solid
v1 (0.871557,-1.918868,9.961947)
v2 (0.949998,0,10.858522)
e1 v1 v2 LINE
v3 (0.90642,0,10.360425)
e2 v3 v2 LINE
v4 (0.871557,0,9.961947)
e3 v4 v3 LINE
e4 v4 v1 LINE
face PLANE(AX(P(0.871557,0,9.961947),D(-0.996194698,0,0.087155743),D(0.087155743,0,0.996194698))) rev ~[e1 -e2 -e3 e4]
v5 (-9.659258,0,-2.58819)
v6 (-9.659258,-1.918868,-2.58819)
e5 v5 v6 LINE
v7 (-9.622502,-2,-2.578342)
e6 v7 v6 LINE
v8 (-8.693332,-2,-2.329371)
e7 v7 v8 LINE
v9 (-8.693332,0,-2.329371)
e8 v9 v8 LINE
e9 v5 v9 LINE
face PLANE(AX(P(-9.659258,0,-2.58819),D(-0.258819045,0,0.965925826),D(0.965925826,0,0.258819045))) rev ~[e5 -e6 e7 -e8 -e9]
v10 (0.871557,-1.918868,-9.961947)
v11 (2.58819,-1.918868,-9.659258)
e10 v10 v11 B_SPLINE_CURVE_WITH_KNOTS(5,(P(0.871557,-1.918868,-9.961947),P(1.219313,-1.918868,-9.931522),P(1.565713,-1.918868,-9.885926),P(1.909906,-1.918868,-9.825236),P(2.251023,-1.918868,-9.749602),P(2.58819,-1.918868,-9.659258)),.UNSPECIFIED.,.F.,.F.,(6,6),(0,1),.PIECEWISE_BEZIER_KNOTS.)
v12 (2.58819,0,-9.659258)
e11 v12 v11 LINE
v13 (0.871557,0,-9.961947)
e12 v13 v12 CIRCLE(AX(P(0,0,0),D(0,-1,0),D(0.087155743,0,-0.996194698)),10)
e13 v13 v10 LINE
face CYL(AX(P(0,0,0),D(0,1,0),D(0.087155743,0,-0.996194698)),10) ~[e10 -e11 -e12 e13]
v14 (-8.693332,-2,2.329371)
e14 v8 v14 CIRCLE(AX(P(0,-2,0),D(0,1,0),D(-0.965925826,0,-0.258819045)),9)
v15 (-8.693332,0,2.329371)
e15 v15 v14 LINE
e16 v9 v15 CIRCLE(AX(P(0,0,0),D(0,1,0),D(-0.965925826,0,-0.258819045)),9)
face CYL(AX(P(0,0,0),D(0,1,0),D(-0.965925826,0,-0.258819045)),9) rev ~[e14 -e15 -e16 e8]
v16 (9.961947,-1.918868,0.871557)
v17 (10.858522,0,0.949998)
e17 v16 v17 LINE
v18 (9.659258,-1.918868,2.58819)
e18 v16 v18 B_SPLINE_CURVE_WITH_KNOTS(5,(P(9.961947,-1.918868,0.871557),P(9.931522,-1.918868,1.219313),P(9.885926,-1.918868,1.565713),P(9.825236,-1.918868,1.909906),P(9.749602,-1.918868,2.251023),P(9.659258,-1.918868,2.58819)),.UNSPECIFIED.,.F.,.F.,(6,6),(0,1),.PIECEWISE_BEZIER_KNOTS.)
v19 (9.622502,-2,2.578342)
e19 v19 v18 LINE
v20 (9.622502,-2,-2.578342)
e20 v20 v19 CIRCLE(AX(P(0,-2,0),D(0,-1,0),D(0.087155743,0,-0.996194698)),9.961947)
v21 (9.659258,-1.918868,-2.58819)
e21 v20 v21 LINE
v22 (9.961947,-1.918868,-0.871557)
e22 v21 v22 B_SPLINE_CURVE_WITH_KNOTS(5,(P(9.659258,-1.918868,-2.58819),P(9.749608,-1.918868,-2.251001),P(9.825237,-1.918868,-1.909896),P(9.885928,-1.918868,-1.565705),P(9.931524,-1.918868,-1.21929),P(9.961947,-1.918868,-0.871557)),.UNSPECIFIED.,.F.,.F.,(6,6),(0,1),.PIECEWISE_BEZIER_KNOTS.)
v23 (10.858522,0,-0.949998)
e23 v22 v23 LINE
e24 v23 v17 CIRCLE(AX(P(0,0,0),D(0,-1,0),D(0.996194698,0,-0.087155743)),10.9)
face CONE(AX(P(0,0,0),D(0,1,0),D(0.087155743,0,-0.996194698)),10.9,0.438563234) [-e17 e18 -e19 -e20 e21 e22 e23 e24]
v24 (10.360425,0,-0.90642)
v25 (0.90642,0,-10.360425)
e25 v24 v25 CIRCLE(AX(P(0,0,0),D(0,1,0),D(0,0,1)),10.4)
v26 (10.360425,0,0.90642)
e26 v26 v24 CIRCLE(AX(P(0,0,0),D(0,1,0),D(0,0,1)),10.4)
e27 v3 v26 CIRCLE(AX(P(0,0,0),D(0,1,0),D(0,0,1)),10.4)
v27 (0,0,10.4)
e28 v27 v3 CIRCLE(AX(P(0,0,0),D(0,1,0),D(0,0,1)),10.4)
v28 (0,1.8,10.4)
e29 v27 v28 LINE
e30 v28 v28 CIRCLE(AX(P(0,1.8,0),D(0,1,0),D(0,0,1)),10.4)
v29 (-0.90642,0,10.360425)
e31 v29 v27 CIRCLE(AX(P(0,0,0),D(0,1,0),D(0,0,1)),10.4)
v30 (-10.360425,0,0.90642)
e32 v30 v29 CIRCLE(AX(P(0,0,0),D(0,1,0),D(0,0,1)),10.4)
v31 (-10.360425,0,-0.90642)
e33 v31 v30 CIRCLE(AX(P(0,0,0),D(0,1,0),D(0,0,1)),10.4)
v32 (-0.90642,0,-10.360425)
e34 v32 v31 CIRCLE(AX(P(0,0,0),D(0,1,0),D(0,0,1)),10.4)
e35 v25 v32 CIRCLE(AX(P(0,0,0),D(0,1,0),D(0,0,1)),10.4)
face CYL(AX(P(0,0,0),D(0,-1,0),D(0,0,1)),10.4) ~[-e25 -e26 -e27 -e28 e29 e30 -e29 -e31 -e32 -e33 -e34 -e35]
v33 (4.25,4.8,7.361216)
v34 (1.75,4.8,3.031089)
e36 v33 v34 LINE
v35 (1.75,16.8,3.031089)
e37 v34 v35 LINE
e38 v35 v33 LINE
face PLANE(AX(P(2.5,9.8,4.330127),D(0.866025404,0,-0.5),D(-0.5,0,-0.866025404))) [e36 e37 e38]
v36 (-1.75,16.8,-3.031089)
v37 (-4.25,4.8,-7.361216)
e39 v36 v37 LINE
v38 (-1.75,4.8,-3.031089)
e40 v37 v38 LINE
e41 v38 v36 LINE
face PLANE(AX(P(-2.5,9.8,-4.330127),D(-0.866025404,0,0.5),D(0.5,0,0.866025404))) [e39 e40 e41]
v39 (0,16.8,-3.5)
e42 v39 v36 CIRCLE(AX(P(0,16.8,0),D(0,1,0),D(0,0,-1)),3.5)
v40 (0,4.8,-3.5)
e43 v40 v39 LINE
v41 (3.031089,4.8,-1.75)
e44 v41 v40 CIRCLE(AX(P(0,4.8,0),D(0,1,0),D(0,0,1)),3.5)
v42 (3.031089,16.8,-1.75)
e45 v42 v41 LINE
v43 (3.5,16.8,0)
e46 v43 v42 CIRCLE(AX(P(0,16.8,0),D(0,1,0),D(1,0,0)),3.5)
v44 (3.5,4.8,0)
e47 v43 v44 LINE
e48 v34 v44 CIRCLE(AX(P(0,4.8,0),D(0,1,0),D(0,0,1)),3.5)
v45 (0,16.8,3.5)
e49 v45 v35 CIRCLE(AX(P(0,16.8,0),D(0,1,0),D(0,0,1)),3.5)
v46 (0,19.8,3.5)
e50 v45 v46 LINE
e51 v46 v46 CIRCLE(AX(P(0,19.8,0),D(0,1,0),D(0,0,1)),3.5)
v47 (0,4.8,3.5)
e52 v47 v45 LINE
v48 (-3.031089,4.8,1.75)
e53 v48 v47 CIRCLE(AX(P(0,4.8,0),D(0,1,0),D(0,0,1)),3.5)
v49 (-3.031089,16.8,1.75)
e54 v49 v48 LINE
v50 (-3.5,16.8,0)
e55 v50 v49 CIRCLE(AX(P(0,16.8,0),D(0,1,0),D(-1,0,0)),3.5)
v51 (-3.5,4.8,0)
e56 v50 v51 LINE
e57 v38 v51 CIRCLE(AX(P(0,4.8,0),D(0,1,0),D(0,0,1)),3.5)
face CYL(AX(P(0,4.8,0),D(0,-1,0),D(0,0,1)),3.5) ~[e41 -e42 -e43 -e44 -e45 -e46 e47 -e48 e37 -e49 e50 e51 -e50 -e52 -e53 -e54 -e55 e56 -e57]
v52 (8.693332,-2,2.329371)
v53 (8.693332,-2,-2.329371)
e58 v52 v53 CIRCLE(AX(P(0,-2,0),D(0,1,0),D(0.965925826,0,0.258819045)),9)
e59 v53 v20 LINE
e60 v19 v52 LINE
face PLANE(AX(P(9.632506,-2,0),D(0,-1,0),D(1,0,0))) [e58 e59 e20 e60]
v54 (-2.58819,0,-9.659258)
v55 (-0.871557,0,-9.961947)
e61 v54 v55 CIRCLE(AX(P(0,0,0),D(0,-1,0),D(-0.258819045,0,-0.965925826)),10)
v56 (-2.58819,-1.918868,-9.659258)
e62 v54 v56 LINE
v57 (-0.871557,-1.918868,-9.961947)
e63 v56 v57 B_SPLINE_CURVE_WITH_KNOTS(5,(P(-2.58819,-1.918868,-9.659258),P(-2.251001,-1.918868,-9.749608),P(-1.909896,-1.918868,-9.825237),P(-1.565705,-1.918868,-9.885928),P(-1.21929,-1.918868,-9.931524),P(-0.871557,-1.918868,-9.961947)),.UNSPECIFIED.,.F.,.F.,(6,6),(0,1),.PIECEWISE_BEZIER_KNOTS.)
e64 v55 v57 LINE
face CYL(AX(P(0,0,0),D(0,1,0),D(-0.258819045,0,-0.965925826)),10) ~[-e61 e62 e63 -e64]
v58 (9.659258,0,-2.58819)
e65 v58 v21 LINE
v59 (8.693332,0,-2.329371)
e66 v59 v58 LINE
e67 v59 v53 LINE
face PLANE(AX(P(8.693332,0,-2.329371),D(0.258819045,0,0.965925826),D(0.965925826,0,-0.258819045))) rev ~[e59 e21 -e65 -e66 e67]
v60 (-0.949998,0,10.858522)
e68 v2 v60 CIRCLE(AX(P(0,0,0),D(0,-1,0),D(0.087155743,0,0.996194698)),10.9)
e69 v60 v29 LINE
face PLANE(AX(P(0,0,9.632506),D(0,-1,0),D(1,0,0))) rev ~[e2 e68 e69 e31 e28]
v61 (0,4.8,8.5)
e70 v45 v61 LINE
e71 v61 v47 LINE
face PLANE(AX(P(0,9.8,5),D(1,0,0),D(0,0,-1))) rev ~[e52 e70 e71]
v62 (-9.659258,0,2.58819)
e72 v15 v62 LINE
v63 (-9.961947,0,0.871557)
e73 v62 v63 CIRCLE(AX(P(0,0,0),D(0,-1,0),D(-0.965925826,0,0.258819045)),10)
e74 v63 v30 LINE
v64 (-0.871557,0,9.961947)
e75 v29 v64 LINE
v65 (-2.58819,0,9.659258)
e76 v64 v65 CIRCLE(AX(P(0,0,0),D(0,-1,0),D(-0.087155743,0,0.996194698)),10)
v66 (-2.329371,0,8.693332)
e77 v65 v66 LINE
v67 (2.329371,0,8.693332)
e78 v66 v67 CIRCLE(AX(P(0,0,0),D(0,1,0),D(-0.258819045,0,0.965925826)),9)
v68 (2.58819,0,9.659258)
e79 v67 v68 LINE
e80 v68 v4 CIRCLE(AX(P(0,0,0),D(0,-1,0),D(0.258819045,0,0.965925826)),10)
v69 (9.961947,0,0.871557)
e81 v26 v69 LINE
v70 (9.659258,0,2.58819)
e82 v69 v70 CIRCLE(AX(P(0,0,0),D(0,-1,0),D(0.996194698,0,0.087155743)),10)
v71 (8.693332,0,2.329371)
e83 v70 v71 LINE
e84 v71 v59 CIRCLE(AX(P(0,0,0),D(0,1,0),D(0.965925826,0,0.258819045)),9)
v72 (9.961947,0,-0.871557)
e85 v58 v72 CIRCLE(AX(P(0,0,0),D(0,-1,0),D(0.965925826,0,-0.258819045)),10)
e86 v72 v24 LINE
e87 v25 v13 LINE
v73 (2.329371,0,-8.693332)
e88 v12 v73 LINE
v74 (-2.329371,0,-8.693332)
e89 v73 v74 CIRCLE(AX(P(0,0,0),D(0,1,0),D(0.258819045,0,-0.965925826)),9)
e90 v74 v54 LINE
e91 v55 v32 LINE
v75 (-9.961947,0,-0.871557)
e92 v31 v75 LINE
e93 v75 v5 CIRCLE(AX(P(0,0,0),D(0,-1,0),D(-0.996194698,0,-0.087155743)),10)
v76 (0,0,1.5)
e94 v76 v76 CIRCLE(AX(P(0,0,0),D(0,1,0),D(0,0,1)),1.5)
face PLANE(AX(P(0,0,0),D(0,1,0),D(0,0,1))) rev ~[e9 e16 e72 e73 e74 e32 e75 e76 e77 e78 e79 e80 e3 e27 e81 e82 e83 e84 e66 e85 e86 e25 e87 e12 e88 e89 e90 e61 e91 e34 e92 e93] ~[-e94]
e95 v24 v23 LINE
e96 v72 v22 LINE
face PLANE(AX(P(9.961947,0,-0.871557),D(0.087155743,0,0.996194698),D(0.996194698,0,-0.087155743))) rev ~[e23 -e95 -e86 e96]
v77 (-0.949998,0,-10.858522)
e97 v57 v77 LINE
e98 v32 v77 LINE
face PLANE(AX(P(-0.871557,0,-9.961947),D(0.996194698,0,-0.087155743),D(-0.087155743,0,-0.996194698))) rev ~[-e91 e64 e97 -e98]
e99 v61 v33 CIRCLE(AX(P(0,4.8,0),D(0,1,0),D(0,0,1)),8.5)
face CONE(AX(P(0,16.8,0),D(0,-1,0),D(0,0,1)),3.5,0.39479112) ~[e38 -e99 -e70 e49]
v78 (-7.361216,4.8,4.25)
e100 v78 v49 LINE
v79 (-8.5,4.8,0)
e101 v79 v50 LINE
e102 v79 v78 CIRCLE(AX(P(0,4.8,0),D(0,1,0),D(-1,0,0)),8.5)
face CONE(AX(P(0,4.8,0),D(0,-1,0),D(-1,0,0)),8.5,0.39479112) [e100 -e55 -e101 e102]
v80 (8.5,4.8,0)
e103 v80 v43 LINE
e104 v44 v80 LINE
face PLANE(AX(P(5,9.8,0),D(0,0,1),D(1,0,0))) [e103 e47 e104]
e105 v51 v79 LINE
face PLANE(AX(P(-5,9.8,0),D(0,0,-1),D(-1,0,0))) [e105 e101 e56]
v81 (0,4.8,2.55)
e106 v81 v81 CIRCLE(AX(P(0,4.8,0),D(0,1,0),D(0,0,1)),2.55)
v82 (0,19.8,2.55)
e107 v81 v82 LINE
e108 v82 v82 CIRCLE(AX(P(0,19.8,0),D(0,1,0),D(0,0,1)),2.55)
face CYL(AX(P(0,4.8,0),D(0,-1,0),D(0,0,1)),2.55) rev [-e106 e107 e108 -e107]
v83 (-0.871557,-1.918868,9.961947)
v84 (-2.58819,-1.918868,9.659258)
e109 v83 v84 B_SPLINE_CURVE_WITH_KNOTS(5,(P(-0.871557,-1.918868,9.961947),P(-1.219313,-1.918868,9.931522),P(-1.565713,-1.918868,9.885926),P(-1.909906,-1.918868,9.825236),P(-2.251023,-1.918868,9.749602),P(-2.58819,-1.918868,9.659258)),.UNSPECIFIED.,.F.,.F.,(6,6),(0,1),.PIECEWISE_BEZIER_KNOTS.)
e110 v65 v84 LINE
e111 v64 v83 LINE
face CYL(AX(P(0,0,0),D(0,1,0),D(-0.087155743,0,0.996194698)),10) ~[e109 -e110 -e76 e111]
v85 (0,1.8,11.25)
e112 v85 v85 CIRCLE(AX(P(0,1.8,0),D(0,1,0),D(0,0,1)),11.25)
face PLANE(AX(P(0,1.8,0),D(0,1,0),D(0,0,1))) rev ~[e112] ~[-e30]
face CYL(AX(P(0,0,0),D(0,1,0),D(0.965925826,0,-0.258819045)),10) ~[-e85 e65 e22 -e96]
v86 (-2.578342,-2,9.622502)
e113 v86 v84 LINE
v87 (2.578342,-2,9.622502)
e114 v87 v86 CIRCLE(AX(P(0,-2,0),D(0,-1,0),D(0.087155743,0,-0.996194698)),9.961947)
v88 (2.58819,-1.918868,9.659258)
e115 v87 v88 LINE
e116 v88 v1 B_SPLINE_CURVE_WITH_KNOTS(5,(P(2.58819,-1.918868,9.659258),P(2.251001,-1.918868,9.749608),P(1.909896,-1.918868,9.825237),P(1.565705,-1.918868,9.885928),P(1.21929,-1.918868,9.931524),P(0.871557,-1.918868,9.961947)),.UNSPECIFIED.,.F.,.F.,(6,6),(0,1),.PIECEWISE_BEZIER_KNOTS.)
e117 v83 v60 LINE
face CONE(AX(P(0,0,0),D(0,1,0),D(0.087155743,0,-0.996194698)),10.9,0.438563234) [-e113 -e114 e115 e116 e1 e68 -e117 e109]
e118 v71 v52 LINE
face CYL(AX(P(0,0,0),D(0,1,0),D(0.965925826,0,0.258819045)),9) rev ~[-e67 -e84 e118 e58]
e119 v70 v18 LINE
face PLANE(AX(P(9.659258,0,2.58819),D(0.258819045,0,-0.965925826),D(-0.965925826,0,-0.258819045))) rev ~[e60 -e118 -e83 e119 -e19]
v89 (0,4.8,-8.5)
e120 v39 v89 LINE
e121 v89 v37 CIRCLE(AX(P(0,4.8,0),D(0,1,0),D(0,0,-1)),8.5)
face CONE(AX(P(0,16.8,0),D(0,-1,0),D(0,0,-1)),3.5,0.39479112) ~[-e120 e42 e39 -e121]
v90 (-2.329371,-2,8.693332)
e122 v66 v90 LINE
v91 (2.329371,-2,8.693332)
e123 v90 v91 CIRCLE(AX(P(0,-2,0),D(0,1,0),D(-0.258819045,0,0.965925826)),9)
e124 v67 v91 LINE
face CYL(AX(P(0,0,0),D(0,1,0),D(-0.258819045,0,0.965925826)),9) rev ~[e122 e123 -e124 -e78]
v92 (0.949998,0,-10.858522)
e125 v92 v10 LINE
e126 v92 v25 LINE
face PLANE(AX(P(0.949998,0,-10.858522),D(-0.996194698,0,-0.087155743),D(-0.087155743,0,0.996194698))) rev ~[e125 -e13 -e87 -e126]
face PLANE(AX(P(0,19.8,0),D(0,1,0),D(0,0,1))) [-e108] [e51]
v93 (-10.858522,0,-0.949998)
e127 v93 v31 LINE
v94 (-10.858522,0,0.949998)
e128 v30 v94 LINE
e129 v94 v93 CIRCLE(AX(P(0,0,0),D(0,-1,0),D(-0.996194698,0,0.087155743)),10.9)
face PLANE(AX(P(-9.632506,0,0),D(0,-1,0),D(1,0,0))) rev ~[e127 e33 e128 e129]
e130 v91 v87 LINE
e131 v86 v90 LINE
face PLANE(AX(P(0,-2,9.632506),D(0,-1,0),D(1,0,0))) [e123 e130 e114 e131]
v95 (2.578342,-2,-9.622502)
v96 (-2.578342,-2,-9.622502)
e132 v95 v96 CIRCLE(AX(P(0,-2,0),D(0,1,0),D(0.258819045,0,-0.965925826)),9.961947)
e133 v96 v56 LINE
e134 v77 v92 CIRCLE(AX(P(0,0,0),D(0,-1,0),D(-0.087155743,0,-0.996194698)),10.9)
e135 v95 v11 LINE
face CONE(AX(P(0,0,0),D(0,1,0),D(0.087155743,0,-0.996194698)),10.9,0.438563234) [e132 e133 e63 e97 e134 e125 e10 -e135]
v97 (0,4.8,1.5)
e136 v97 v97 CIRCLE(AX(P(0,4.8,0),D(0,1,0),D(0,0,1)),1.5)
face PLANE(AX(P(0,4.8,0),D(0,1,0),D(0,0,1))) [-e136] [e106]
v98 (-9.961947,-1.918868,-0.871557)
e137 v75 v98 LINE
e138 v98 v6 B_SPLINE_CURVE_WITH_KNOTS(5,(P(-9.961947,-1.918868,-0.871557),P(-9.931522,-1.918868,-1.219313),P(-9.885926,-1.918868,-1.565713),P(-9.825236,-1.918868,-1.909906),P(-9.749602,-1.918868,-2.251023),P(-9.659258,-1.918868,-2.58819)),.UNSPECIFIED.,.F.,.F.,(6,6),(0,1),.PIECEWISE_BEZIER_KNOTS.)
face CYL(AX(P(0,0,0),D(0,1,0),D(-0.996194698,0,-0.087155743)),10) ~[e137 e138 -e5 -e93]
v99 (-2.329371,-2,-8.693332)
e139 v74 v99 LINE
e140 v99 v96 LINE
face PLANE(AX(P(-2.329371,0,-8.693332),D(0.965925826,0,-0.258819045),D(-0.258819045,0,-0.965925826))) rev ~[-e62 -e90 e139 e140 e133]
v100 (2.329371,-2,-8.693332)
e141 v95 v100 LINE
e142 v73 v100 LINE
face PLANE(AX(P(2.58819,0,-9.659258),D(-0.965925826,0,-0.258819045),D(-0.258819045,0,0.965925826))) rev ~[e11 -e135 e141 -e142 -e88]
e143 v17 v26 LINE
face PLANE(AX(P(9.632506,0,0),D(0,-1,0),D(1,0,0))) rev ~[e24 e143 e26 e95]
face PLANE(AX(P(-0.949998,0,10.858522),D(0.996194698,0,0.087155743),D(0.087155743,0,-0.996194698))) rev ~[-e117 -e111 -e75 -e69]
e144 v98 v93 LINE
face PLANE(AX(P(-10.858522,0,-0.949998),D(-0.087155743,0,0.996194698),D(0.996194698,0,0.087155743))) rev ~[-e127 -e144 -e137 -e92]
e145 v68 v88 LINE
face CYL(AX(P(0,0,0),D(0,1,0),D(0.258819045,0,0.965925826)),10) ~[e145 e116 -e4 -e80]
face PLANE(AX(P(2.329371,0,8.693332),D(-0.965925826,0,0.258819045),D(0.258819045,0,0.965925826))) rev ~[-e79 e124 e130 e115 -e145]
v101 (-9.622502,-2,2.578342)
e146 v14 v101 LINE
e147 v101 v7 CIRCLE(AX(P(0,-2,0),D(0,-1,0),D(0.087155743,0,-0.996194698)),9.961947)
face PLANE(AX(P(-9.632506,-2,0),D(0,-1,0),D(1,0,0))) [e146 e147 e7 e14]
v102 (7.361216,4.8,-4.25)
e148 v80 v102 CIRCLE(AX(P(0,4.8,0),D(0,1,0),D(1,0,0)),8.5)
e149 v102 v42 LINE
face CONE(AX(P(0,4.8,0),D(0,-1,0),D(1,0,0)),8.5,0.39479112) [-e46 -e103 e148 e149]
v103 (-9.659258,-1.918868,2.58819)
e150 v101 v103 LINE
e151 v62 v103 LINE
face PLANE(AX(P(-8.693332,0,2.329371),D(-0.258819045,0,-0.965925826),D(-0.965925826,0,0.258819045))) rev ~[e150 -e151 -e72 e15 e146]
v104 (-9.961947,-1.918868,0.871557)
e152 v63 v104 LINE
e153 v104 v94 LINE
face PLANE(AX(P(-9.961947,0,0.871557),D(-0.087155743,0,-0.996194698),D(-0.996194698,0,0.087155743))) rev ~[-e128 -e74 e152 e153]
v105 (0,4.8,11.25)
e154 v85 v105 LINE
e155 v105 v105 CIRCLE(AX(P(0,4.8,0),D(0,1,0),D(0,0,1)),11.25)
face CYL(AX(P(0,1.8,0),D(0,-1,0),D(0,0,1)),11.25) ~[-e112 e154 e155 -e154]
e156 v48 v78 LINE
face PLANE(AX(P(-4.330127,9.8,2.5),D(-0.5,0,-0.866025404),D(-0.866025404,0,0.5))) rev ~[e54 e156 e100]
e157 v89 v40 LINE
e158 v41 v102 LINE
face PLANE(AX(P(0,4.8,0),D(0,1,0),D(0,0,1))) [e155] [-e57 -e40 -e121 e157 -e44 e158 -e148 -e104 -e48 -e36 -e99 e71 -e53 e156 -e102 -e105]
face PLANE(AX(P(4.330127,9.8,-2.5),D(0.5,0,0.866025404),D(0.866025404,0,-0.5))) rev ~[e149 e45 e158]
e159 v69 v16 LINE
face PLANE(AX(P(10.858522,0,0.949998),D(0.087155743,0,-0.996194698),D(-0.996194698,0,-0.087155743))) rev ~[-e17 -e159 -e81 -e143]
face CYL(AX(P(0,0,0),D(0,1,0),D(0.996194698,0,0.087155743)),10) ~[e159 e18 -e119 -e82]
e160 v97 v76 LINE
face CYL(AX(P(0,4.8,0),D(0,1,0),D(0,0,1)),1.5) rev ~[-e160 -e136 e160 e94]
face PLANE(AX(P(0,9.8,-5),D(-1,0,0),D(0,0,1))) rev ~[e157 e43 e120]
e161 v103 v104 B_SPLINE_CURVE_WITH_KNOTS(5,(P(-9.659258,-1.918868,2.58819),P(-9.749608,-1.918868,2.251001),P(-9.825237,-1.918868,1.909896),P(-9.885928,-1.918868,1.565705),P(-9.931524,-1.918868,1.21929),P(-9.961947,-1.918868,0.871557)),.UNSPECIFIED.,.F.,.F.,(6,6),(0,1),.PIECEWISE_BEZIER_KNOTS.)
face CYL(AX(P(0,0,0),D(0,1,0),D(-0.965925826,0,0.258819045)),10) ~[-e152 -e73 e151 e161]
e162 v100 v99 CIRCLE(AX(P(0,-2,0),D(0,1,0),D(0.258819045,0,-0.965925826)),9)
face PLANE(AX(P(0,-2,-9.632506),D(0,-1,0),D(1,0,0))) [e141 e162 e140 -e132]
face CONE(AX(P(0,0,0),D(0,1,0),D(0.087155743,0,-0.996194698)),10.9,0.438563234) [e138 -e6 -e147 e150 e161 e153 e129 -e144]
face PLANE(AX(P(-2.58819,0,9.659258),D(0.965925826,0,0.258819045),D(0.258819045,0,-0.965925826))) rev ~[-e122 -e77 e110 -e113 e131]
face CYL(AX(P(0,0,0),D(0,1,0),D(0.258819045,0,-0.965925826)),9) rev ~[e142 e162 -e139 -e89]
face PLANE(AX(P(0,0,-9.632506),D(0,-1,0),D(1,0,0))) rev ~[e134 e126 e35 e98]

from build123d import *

# Parameters (mm, degrees)
SKETCH_1_R          = 10.4
EXTRUDE_1_DEPTH     = 1.8
SKETCH_2_R          = 11.25
EXTRUDE_2_DEPTH     = 3
SKETCH_3_R          = 3.5
SKETCH_3_R_2        = 2.55
EXTRUDE_3_DEPTH     = 15
SKETCH_3_4_R        = 1.5
CUT_EXTRUDE_2_DEPTH = 4.8
REVOLVE_3_ANGLE     = 30
REVOLVE_4_ANGLE     = 30
EXTRUDE_4_DEPTH     = 2


with BuildPart() as part:
    # 草图1 → 凸台-拉伸1 (new body)
    with BuildSketch(Plane(origin=(0, 0, 0), x_dir=(1, 0, 0), z_dir=(0, 1, 0))):
        with Locations(Location((0, 0, 0), (0, 0, 270))):
            Circle(SKETCH_1_R)
    extrude(amount=EXTRUDE_1_DEPTH)

    # 草图2 → 凸台-拉伸2 (add)
    with BuildSketch(Plane(origin=(0, 1.8, 0), x_dir=(1, 0, 0), z_dir=(0, 1, 0))):
        with Locations(Location((0, 0, 0), (0, 0, 270))):
            Circle(SKETCH_2_R)
    extrude(amount=EXTRUDE_2_DEPTH)

    # 草图3 → 凸台-拉伸3 (add)
    with BuildSketch(Plane(origin=(0, 4.8, 0), x_dir=(1, 0, 0), z_dir=(0, 1, 0))):
        with Locations(Location((0, 0, 0), (0, 0, 270))):
            Circle(SKETCH_3_R)
        with Locations(Location((0, 0, 0), (0, 0, 270))):
            Circle(SKETCH_3_R_2, mode=Mode.SUBTRACT)
    extrude(amount=EXTRUDE_3_DEPTH)

    # 草图3<4> → 切除-拉伸2 (cut)
    with BuildSketch(Plane(origin=(0, 4.8, 0), x_dir=(1, 0, 0), z_dir=(0, 1, 0))):
        with Locations(Location((0, 0, 0), (0, 0, 270))):
            Circle(SKETCH_3_4_R)
    extrude(amount=-CUT_EXTRUDE_2_DEPTH, mode=Mode.SUBTRACT)

    # 草图6 → 旋转3 (revolve)
    with BuildSketch(Plane(origin=(0, 0, 0), x_dir=(0, 0, -1), z_dir=(1, 0, 0))):
        Polygon((3.5, 4.8), (3.5, 16.8), (8.5, 4.8), align=None)
        Polygon((-8.5, 4.8), (-3.5, 4.8), (-3.5, 16.8), align=None)
    revolve(axis=Axis((0, 0, 0), (0, 1, 0)), revolution_arc=REVOLVE_3_ANGLE)

    # 草图9 → 旋转4 (revolve)
    with BuildSketch(Plane.XY):
        Polygon((3.5, 4.8), (8.5, 4.8), (3.5, 16.8), align=None)
        Polygon((-8.5, 4.8), (-3.5, 16.8), (-3.5, 4.8), align=None)
    revolve(axis=Axis((0, 0, 0), (0, 1, 0)), revolution_arc=REVOLVE_4_ANGLE)

    # 草图10 → 凸台-拉伸4 (add)
    with BuildSketch(Plane.XZ):
        with BuildLine():
            Line((9.961946981, -0.871557427), (10.858522209, -0.949997596))
            ThreePointArc((10.858522209, -0.949997596), (10.9, 0), (10.858522209, 0.949997596))
            Line((10.858522209, 0.949997596), (9.961946981, 0.871557427))
            ThreePointArc((9.961946981, 0.871557427), (9.84807753, 1.736481777), (9.659258263, 2.588190451))
            Line((9.659258263, 2.588190451), (8.693332437, 2.329371406))
            ThreePointArc((8.693332437, 2.329371406), (9, 0), (8.693332437, -2.329371406))
            Line((8.693332437, -2.329371406), (9.659258263, -2.588190451))
            ThreePointArc((9.659258263, -2.588190451), (9.84807753, -1.736481777), (9.961946981, -0.871557427))
        make_face()
        with BuildLine():
            Line((2.329371406, 8.693332437), (2.588190451, 9.659258263))
            ThreePointArc((2.588190451, 9.659258263), (1.736481777, 9.84807753), (0.871557427, 9.961946981))
            Line((0.871557427, 9.961946981), (0.949997596, 10.858522209))
            ThreePointArc((0.949997596, 10.858522209), (0, 10.9), (-0.949997596, 10.858522209))
            Line((-0.949997596, 10.858522209), (-0.871557427, 9.961946981))
            ThreePointArc((-0.871557427, 9.961946981), (-1.736481777, 9.84807753), (-2.588190451, 9.659258263))
            Line((-2.588190451, 9.659258263), (-2.329371406, 8.693332437))
            ThreePointArc((-2.329371406, 8.693332437), (0, 9), (2.329371406, 8.693332437))
        make_face()
        with BuildLine():
            Line((-2.329371406, -8.693332437), (-2.588190451, -9.659258263))
            ThreePointArc((-2.588190451, -9.659258263), (-1.736481777, -9.84807753), (-0.871557427, -9.961946981))
            Line((-0.871557427, -9.961946981), (-0.949997596, -10.858522209))
            ThreePointArc((-0.949997596, -10.858522209), (0, -10.9), (0.949997596, -10.858522209))
            Line((0.949997596, -10.858522209), (0.871557427, -9.961946981))
            ThreePointArc((0.871557427, -9.961946981), (1.736481777, -9.84807753), (2.588190451, -9.659258263))
            Line((2.588190451, -9.659258263), (2.329371406, -8.693332437))
            ThreePointArc((2.329371406, -8.693332437), (0, -9), (-2.329371406, -8.693332437))
        make_face()
        with BuildLine():
            Line((-8.693332437, 2.329371406), (-9.659258263, 2.588190451))
            ThreePointArc((-9.659258263, 2.588190451), (-9.84807753, 1.736481777), (-9.961946981, 0.871557427))
            Line((-9.961946981, 0.871557427), (-10.858522209, 0.949997596))
            ThreePointArc((-10.858522209, 0.949997596), (-10.9, 0), (-10.858522209, -0.949997596))
            Line((-10.858522209, -0.949997596), (-9.961946981, -0.871557427))
            ThreePointArc((-9.961946981, -0.871557427), (-9.84807753, -1.736481777), (-9.659258263, -2.588190451))
            Line((-9.659258263, -2.588190451), (-8.693332437, -2.329371406))
            ThreePointArc((-8.693332437, -2.329371406), (-9, 0), (-8.693332437, 2.329371406))
        make_face()
    extrude(amount=EXTRUDE_4_DEPTH)

    # 草图11 → 切除-旋转2 (revolve, cut)
    with BuildSketch(Plane.XY, mode=Mode.PRIVATE) as cut_revolve_2_sk:
        Polygon((9.961946981, -2), (10.9, -2), (10.9, 0), align=None)
    revolve(cut_revolve_2_sk.sketch.rotate(Axis((0, 0, 0), (0, -1, 0)), 275), axis=Axis((0, 0, 0), (0, -1, 0)), mode=Mode.SUBTRACT)


solid = part.part
